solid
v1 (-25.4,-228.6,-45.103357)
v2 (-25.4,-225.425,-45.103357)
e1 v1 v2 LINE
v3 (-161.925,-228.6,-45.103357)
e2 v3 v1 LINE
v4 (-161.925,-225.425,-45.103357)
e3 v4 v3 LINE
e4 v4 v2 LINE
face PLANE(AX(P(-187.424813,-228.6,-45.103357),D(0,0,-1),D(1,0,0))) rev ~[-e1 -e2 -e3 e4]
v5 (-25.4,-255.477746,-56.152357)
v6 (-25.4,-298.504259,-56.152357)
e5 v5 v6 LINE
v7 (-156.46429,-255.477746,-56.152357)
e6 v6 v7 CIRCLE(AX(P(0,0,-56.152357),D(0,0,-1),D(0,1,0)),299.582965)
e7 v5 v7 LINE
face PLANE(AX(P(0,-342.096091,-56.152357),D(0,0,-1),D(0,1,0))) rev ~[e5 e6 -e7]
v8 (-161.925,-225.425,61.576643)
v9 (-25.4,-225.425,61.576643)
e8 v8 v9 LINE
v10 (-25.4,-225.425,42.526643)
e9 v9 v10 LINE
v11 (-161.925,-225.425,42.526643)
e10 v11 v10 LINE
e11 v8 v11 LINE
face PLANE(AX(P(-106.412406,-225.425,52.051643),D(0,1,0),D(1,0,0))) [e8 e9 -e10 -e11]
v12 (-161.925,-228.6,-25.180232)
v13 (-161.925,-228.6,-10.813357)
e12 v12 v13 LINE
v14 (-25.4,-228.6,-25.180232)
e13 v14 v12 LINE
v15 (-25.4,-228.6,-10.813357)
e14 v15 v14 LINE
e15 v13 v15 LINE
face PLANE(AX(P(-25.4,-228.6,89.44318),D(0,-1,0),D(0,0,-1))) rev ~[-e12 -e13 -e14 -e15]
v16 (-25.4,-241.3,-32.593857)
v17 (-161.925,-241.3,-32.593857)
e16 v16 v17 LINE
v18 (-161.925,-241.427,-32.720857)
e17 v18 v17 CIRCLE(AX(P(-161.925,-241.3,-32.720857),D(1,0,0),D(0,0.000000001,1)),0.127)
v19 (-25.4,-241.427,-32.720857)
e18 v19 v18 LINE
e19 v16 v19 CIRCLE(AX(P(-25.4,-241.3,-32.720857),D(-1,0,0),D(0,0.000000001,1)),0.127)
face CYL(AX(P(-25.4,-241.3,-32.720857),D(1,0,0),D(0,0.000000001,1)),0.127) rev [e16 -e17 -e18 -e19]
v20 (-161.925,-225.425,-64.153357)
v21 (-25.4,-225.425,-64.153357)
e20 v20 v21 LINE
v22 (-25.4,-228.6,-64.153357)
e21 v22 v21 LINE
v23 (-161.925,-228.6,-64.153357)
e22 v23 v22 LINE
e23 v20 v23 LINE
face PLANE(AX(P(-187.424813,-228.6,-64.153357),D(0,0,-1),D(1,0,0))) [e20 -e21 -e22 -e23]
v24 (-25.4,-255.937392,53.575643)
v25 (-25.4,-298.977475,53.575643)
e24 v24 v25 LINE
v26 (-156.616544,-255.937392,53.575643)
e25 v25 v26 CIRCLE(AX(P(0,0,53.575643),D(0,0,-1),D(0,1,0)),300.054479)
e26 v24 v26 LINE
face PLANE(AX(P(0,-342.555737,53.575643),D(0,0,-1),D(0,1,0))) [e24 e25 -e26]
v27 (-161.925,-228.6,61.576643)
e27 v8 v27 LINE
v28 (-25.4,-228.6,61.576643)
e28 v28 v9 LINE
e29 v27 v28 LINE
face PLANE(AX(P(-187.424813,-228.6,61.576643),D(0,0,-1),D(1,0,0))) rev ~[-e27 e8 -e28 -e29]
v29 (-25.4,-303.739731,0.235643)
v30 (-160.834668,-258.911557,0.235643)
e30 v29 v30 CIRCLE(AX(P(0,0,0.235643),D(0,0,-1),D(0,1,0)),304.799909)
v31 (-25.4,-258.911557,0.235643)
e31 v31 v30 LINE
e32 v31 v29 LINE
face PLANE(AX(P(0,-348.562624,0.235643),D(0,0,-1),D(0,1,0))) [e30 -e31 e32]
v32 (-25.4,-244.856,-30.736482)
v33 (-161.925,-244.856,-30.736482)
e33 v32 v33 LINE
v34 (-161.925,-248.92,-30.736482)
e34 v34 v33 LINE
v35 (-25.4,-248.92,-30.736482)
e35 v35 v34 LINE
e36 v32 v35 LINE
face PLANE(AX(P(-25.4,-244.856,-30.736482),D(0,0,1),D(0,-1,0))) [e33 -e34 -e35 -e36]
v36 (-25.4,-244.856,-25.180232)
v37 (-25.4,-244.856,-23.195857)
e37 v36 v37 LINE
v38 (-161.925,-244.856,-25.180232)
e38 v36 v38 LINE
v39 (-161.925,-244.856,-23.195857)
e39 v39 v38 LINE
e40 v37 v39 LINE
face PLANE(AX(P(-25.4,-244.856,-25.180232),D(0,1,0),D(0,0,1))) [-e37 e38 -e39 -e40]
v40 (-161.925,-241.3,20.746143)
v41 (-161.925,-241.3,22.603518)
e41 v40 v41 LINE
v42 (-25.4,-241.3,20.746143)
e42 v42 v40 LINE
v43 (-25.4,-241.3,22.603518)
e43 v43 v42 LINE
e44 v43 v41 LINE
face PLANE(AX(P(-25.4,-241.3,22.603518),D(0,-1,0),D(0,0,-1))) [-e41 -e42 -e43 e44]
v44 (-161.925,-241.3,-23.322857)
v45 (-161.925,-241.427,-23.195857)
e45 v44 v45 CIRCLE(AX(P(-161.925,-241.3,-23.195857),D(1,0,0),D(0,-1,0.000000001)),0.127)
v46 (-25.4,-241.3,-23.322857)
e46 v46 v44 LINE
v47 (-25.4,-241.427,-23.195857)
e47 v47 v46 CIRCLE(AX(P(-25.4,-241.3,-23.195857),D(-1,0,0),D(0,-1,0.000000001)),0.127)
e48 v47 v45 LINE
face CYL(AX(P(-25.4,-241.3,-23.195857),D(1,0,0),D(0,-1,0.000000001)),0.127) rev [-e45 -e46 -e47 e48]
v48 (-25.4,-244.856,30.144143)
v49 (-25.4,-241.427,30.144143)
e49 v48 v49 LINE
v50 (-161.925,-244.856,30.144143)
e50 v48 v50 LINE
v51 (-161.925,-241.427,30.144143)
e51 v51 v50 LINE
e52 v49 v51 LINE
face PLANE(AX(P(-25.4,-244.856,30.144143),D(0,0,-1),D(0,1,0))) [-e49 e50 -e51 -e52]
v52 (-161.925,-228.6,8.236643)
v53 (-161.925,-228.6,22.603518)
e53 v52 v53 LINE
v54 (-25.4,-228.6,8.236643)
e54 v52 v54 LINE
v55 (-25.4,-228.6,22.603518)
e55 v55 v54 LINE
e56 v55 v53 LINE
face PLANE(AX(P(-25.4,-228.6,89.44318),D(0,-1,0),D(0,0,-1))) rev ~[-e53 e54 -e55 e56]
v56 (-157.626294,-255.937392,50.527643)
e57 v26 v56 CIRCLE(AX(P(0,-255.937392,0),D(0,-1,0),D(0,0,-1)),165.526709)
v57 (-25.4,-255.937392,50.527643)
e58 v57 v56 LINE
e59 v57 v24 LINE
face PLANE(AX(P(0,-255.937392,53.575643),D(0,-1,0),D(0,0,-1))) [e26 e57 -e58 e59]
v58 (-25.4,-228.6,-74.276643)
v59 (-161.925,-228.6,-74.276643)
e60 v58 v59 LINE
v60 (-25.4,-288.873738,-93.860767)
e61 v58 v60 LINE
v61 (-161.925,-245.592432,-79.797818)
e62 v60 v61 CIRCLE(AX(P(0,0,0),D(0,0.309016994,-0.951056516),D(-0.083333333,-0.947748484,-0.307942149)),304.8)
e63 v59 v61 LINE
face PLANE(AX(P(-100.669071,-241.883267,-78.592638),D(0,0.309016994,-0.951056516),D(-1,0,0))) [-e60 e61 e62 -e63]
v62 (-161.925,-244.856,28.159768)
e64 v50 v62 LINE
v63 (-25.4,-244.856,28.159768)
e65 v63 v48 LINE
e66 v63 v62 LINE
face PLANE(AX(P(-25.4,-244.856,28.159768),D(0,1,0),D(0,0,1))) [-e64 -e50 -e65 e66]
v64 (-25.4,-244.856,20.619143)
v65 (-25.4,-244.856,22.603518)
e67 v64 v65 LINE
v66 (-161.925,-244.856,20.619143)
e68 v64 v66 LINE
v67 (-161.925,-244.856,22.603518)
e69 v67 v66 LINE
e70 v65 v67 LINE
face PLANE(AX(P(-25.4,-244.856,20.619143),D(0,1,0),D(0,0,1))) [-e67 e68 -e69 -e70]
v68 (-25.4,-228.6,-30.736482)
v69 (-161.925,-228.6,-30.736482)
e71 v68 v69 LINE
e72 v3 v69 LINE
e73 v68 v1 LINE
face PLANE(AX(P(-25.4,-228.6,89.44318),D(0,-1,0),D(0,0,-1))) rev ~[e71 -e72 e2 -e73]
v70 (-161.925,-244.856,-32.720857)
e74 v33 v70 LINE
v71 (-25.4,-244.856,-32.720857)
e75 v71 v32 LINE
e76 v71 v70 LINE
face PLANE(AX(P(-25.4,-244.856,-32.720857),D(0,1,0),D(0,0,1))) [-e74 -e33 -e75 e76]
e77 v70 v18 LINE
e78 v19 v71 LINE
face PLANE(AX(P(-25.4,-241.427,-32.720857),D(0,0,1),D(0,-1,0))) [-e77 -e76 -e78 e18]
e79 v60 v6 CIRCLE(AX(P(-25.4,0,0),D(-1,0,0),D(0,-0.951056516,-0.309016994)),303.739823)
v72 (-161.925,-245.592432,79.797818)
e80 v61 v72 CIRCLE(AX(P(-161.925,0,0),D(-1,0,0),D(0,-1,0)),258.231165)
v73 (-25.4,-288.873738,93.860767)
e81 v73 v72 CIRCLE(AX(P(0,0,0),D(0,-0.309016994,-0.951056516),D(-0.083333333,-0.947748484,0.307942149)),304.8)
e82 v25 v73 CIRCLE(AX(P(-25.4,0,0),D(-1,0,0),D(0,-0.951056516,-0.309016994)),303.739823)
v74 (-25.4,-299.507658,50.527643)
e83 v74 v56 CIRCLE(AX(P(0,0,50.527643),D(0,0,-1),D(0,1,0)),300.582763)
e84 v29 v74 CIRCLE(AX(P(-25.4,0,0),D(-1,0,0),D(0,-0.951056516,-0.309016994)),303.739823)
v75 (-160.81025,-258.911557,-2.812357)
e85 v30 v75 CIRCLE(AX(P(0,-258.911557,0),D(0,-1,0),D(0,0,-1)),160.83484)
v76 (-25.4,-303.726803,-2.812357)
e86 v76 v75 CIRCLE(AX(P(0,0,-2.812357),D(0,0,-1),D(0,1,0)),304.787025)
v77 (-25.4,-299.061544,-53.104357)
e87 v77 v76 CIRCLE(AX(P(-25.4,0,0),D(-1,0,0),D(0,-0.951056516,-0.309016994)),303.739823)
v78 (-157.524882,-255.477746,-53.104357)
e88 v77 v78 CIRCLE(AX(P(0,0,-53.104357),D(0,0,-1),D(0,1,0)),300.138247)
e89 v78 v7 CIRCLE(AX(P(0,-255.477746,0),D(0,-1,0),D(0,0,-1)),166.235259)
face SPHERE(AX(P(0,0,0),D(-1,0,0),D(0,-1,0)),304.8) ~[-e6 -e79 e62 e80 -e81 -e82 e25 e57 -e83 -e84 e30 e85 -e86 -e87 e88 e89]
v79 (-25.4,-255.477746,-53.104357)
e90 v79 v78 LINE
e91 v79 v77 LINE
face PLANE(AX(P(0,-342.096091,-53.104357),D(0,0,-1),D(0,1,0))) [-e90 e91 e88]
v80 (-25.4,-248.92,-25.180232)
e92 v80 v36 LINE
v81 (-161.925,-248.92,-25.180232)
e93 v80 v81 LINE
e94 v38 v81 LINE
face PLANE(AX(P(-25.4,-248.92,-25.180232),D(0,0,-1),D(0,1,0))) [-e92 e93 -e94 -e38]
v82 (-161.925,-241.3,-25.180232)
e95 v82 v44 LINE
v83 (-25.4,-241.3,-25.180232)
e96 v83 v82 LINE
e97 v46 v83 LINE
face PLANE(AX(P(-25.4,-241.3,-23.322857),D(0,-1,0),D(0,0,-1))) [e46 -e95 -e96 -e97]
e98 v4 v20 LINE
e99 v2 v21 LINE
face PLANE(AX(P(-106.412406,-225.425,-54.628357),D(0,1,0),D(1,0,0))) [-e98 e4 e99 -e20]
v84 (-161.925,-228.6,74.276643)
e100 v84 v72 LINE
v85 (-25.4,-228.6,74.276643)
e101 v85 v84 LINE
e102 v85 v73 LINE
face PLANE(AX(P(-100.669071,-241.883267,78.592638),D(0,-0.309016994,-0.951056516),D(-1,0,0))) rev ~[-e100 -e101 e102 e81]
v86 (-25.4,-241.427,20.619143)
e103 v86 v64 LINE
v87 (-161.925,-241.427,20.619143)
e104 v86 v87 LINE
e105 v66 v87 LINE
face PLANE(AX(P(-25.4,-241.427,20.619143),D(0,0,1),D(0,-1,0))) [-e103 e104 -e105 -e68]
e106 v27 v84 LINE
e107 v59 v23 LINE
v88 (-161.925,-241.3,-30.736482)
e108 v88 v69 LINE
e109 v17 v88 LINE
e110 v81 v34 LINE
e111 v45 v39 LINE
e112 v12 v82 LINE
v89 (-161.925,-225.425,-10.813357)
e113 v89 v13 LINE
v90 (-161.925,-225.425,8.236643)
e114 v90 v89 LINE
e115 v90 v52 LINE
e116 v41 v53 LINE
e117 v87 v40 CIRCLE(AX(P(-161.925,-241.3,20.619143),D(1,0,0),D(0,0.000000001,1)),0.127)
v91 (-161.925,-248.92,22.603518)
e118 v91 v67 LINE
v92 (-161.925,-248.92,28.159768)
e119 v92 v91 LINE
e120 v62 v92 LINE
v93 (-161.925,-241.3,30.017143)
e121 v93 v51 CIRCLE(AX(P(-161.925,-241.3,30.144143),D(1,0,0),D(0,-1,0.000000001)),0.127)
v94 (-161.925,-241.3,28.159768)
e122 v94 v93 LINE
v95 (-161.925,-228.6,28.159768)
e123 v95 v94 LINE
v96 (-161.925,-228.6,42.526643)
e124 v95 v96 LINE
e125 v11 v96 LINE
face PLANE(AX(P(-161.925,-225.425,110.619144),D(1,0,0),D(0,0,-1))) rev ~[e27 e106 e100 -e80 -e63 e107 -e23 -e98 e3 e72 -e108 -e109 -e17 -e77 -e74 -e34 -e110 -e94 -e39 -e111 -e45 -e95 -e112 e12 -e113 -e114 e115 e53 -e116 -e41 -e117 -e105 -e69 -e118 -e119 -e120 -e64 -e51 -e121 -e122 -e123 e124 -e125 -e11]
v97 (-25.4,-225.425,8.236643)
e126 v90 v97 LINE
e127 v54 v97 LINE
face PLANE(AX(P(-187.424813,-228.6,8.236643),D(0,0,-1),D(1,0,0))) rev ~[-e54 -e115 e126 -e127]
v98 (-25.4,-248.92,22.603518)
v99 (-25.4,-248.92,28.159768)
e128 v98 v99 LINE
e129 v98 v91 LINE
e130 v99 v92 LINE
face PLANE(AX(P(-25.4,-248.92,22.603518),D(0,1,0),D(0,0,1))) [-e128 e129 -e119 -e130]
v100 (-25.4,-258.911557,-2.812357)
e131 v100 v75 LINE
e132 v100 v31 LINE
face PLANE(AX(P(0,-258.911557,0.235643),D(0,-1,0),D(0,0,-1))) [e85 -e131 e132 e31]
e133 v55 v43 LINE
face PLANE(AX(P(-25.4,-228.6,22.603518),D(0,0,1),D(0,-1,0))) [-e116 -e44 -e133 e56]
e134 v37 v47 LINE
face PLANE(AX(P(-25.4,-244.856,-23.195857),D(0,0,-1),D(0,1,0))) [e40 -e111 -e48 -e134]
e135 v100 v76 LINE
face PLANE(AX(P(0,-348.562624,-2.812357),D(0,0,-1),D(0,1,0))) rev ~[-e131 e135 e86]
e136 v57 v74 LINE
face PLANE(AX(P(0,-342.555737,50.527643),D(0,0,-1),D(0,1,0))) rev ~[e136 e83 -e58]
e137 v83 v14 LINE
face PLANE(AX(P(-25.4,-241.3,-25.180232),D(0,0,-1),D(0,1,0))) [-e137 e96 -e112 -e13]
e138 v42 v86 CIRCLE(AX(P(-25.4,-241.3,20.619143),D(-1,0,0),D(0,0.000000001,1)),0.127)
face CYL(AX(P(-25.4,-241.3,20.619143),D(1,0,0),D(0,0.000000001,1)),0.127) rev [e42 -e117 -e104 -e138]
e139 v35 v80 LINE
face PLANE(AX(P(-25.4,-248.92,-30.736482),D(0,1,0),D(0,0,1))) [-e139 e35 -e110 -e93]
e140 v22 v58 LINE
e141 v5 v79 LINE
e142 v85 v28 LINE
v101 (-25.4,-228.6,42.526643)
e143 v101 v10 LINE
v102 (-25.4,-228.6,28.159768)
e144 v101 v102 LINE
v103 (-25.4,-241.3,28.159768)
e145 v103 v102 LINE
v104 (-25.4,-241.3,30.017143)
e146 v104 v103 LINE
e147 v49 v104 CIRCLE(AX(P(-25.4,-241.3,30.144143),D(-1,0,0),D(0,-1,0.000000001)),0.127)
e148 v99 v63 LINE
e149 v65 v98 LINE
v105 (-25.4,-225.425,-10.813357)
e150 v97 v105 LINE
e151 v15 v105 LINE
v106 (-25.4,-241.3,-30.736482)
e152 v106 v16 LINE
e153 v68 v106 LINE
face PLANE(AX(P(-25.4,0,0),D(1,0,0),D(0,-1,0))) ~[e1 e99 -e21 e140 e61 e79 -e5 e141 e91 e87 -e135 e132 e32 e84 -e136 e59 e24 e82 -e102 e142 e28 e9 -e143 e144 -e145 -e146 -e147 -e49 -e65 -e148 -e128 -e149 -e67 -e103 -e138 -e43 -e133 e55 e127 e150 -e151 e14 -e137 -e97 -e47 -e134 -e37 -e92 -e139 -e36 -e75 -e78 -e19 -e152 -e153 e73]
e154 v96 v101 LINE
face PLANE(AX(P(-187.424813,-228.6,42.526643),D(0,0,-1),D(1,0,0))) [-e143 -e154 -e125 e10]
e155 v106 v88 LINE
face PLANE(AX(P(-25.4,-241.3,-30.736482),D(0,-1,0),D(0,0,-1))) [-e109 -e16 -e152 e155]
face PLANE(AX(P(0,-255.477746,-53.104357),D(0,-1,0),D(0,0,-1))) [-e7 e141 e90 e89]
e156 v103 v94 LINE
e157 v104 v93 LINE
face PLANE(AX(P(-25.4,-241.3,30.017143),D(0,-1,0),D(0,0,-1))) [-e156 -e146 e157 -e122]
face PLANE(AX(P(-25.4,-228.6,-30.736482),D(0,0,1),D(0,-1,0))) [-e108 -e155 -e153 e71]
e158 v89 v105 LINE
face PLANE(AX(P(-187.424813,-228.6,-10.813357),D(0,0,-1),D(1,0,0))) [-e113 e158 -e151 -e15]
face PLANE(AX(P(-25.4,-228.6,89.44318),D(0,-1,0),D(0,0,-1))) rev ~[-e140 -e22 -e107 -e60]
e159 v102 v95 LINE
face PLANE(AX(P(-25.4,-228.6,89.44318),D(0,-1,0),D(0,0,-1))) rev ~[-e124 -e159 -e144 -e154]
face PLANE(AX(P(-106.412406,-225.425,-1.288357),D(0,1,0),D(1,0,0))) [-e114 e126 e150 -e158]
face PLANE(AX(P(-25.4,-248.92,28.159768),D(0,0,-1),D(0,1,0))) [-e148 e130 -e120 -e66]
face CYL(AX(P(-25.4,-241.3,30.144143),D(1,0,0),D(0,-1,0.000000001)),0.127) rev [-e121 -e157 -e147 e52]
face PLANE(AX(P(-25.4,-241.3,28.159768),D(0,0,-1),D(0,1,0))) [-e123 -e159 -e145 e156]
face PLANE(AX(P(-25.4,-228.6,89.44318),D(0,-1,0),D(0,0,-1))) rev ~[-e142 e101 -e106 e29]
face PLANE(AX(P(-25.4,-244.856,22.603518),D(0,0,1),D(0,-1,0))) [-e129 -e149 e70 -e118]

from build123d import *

# Parameters (mm, degrees)
REVOLVE1_ANGLE      = 36
SKETCH2_W           = 185.252199215
SKETCH2_H           = 56.371609172
CUT_EXTRUDE1_DEPTH  = 365.059347887
SKETCH5_W           = 55.655123519
SKETCH5_H           = 148.553285118
CUT_EXTRUDE2_DEPTH  = 235.735844279
SKETCH6_W           = 162.024812579
SKETCH6_H           = 19.05
BOSS_EXTRUDE1_DEPTH = 3.175
LPATTERN1_COUNT     = 3
LPATTERN1_PITCH     = 53.34
CUT_EXTRUDE3_DEPTH  = 357.818950588
LPATTERN2_COUNT     = 2
LPATTERN2_PITCH     = 53.34
SKETCH8_W           = 53.705765401
SKETCH8_H           = 196.003453697
CUT_EXTRUDE4_DEPTH  = 224.765760383
SKETCH10_W          = 3.048
SKETCH10_H          = 86.618344978
SKETCH10_H_2        = 89.651067892
CUT_EXTRUDE6_DEPTH  = 176.53


with BuildPart() as part:
    # Sketch1 → Revolve1 (revolve, symmetric)
    with BuildSketch(Plane.XY) as revolve1_sk:
        with BuildLine():
            Line((-202.80204389, -227.539822875), (-25.4, -227.539822875))
            Line((-25.4, -227.539822875), (-25.4, -303.739822875))
            ThreePointArc((-25.4, -303.739822875), (-120.294028152, -280.057827584), (-202.80204389, -227.539822875))
        make_face()
    revolve(axis=Axis((0, 0, 0), (-1, 0, 0)), revolution_arc=REVOLVE1_ANGLE / 2)
    revolve(revolve1_sk.sketch, axis=Axis((0, 0, 0), (1, 0, 0)), revolution_arc=REVOLVE1_ANGLE / 2)

    # Sketch2 → Cut-Extrude1 (cut, through all)
    with BuildSketch(Plane(origin=(-25.4, 0, 0), x_dir=(0, 0, -1), z_dir=(1, 0, 0))):
        with Locations((3.182919918, -200.414195414)):
            Rectangle(SKETCH2_W, SKETCH2_H)
    extrude(amount=-CUT_EXTRUDE1_DEPTH, mode=Mode.SUBTRACT)

    # Sketch5 → Cut-Extrude2 (cut, through all)
    with BuildSketch(Plane(origin=(0, -228.6, 0), x_dir=(1, 0, 0), z_dir=(0, 1, 0))):
        with Locations((-215.252374339, 0)):
            Rectangle(SKETCH5_W, SKETCH5_H)
    extrude(amount=-CUT_EXTRUDE2_DEPTH, mode=Mode.SUBTRACT)

    # Sketch6 → Boss-Extrude1 (add)
    with BuildSketch(Plane(origin=(0, -228.6, 0), x_dir=(1, 0, 0), z_dir=(0, 1, 0))):
        with Locations((-106.41240629, -52.051642559)):
            Rectangle(SKETCH6_W, SKETCH6_H)
    boss_extrude1 = extrude(amount=BOSS_EXTRUDE1_DEPTH)

    # LPattern1: Boss-Extrude1 ×3
    with Locations(*[(0, 0, -i * LPATTERN1_PITCH) for i in range(1, LPATTERN1_COUNT)]):
        add(boss_extrude1)

    # Sketch7 → Cut-Extrude3 (cut, through all)
    with BuildSketch(Plane(origin=(-25.4, 0, 0), x_dir=(0, 0, -1), z_dir=(1, 0, 0))):
        with BuildLine():
            Line((-22.603517559, -244.856), (-22.603517559, -248.92))
            Line((-22.603517559, -248.92), (-28.159767559, -248.92))
            Line((-28.159767559, -248.92), (-28.159767559, -244.856))
            Line((-28.159767559, -244.856), (-30.144142559, -244.856))
            Line((-30.144142559, -244.856), (-30.144142559, -241.427))
            ThreePointArc((-30.144142559, -241.427), (-30.23394512, -241.210197439), (-30.017142559, -241.3))
            Line((-30.017142559, -241.3), (-28.159767559, -241.3))
            Line((-28.159767559, -241.3), (-28.159767559, -228.6))
            Line((-28.159767559, -228.6), (-22.603517559, -228.6))
            Line((-22.603517559, -228.6), (-22.603517559, -241.3))
            Line((-22.603517559, -241.3), (-20.746142559, -241.3))
            ThreePointArc((-20.746142559, -241.3), (-20.529339998, -241.210197439), (-20.619142559, -241.427))
            Line((-20.619142559, -241.427), (-20.619142559, -244.856))
            Line((-20.619142559, -244.856), (-22.603517559, -244.856))
        make_face()
    cut_extrude3 = extrude(amount=-CUT_EXTRUDE3_DEPTH, mode=Mode.SUBTRACT)

    # LPattern2: Cut-Extrude3 ×2
    with Locations(*[(0, 0, -i * LPATTERN2_PITCH) for i in range(1, LPATTERN2_COUNT)]):
        add(cut_extrude3, mode=Mode.SUBTRACT)

    # Sketch8 → Cut-Extrude4 (cut, through all)
    with BuildSketch(Plane(origin=(0, -225.425, 0), x_dir=(1, 0, 0), z_dir=(0, 1, 0))):
        with Locations((-188.777882701, -12.617417505)):
            Rectangle(SKETCH8_W, SKETCH8_H)
    extrude(amount=-CUT_EXTRUDE4_DEPTH, mode=Mode.SUBTRACT)

    # Sketch10 → Cut-Extrude6 (cut)
    with BuildSketch(Plane(origin=(0, 0, 0), x_dir=(0, 0, -1), z_dir=(1, 0, 0))):
        with Locations((54.628357441, -298.786918327)):
            Rectangle(SKETCH10_W, SKETCH10_H)
        with Locations((1.288357441, -303.737090483)):
            Rectangle(SKETCH10_W, SKETCH10_H_2)
        with Locations((-52.051642559, -299.246564737)):
            Rectangle(SKETCH10_W, SKETCH10_H)
    extrude(amount=-CUT_EXTRUDE6_DEPTH, mode=Mode.SUBTRACT)


solid = part.part
